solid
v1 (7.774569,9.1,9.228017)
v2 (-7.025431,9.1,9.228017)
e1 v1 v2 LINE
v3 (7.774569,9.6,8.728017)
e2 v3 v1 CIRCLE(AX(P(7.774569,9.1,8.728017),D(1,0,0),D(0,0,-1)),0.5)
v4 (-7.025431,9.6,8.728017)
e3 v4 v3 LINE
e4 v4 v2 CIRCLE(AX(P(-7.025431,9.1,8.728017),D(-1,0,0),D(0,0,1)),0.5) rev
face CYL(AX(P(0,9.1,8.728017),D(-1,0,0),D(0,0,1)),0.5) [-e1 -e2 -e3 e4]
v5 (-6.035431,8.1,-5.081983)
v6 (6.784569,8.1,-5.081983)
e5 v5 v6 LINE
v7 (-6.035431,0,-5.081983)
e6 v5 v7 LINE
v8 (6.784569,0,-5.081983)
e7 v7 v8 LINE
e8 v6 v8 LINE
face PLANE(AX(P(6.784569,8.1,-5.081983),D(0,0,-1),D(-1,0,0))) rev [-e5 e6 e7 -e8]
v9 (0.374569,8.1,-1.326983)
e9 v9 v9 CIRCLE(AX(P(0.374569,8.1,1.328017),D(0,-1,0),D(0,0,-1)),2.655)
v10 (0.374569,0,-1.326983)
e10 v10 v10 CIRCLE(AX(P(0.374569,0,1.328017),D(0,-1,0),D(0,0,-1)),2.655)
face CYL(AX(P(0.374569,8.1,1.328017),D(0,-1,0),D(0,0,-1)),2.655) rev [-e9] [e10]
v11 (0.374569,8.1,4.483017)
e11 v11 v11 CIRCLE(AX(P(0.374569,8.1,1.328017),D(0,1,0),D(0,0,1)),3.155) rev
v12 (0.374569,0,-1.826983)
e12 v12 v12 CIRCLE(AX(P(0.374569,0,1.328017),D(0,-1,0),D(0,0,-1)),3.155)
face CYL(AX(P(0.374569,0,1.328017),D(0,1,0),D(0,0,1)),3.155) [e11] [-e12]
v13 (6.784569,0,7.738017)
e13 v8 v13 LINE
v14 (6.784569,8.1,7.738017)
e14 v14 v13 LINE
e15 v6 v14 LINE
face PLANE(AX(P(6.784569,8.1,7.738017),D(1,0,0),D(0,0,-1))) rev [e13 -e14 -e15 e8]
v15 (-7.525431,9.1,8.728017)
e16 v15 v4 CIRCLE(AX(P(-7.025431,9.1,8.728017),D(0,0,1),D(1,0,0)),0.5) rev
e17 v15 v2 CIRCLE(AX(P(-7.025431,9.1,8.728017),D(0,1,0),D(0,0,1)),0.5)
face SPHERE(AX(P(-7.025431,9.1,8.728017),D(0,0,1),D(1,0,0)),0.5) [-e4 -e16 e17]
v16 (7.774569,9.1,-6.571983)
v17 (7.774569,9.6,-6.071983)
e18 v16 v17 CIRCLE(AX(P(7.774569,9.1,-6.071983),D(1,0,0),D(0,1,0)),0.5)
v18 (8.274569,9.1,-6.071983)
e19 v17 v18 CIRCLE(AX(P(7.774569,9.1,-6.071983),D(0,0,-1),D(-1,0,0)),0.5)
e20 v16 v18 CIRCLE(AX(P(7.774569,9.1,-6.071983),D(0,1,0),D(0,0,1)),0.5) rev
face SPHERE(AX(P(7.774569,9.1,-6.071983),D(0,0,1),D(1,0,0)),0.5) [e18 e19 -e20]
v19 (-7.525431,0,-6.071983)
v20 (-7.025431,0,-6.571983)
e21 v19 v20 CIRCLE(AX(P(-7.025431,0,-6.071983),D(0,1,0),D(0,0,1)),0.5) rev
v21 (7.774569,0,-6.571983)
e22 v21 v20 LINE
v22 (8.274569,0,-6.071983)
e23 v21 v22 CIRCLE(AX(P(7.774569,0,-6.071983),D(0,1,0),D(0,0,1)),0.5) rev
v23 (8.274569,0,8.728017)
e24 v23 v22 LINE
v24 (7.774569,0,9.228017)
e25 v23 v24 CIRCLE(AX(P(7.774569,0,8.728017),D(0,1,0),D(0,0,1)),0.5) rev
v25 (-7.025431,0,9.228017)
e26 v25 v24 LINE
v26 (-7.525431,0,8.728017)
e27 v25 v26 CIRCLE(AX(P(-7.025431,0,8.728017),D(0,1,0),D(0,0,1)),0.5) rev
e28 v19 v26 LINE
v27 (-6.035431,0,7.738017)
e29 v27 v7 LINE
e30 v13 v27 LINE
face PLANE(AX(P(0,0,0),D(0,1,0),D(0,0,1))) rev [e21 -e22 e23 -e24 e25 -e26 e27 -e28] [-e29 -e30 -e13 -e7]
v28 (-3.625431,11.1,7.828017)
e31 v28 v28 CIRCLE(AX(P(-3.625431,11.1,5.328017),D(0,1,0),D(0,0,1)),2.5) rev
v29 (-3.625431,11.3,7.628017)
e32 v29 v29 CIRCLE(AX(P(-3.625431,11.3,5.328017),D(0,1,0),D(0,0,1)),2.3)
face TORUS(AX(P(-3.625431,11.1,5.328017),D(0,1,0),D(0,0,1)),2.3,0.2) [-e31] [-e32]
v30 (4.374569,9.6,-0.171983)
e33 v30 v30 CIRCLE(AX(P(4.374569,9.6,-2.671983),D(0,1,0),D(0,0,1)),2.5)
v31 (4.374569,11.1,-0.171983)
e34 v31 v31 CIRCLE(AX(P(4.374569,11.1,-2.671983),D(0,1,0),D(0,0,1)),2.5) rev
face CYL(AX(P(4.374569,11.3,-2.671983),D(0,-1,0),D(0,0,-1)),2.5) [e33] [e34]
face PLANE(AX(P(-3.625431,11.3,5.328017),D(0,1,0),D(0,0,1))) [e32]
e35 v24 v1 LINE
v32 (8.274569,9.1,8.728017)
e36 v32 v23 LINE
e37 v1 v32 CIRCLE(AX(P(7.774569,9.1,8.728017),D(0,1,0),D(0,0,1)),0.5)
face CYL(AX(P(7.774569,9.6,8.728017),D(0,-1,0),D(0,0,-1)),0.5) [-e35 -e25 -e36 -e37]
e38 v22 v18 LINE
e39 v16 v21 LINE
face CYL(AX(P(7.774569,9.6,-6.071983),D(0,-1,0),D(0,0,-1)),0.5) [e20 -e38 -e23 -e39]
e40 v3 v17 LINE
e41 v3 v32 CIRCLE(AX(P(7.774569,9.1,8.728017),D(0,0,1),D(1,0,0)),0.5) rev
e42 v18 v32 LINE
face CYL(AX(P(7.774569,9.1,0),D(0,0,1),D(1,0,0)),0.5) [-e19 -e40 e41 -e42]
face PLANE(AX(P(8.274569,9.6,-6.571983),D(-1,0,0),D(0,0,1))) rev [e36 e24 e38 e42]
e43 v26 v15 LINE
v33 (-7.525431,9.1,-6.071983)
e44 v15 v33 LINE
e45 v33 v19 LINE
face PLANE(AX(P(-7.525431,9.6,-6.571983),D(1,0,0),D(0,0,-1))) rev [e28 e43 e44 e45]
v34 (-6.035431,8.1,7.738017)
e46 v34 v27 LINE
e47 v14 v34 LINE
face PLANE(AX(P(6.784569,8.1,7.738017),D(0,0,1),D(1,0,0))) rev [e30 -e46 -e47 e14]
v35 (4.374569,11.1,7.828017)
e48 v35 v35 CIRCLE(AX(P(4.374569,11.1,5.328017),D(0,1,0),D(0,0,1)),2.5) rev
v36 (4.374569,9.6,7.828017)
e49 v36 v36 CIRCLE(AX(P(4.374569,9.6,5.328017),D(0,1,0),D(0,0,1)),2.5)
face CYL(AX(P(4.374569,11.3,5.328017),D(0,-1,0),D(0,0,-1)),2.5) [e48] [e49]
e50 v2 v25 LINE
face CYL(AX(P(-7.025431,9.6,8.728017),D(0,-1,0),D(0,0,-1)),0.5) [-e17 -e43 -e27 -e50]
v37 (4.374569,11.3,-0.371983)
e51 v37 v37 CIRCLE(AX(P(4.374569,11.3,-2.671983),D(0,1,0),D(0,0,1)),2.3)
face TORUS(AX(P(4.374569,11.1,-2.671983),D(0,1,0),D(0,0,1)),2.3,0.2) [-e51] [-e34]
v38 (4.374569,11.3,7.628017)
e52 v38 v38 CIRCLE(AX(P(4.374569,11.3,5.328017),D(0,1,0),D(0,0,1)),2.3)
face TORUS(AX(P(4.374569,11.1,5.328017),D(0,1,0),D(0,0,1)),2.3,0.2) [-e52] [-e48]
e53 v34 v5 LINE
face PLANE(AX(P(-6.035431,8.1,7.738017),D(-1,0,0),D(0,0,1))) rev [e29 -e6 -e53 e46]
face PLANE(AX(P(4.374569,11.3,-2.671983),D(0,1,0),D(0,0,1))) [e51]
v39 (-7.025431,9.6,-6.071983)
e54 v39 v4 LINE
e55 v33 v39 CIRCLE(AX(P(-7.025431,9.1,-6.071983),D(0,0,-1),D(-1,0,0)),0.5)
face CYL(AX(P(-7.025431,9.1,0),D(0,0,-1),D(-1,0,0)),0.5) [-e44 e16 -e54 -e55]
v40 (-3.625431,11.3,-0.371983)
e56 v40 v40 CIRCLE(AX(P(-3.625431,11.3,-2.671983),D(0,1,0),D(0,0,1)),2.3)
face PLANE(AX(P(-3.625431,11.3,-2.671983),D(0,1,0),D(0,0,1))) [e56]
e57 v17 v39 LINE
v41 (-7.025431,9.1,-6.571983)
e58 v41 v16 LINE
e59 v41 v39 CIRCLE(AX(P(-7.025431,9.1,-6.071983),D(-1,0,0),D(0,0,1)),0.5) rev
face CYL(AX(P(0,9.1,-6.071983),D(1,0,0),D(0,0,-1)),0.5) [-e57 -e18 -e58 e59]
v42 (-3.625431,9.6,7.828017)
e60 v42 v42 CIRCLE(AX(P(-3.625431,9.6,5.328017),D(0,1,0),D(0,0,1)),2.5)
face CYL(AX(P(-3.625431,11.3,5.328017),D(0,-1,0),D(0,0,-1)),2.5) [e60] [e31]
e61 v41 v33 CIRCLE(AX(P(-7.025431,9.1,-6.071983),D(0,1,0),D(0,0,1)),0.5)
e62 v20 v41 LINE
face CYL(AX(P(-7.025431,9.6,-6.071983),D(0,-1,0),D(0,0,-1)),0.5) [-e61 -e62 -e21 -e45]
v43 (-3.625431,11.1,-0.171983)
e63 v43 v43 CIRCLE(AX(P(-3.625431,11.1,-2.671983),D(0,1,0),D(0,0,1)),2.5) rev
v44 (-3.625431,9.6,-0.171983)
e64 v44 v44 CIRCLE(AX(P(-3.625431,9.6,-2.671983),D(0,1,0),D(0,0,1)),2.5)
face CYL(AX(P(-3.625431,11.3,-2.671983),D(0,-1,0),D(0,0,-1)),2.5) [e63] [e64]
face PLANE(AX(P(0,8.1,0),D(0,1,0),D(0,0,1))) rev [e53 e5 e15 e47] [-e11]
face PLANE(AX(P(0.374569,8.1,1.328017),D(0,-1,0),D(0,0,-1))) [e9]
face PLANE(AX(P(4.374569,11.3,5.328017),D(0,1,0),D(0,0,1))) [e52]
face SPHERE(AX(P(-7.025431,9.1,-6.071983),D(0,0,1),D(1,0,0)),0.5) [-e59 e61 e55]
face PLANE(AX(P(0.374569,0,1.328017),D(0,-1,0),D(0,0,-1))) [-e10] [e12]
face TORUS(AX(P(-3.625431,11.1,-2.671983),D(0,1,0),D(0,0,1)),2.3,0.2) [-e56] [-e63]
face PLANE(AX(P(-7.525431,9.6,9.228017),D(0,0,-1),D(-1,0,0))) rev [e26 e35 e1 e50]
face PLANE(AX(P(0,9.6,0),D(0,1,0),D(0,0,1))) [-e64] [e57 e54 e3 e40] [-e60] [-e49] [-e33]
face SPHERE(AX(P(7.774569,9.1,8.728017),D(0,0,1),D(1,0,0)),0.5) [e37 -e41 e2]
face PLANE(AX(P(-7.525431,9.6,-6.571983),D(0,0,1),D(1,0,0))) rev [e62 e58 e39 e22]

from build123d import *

# Parameters (mm, degrees)
SKETCH1_W              = 15.8
SKETCH1_H              = 15.8
BOSS_EXTRUDE1_DEPTH    = 9.6
FILLET1_R              = 0.5
SKETCH2_W              = 12.82
SKETCH2_H              = 12.82
CUT_EXTRUDE1_DEPTH     = 8.1
SKETCH3_R              = 2.5
BOSS_EXTRUDE2_DEPTH    = 1.7
FILLET2_R              = 0.2
LPATTERN1_COUNT        = 2
LPATTERN1_PITCH        = 8
LPATTERN1_COUNT_DIR2   = 2
LPATTERN1_PITCH_DIR2   = 8
FILLET2_OF_LPATTERN1_R = 0.2
SKETCH4_R              = 3.155
BOSS_EXTRUDE3_DEPTH    = 8.1
SKETCH5_R              = 2.655
CUT_EXTRUDE2_DEPTH     = 8.1


with BuildPart() as part:
    # Sketch1 → Boss-Extrude1 (new body)
    with BuildSketch(Plane(origin=(0, 0, 0), x_dir=(1, 0, 0), z_dir=(0, 1, 0))):
        with Locations((0.374568966, -1.328017241)):
            Rectangle(SKETCH1_W, SKETCH1_H)
    extrude(amount=BOSS_EXTRUDE1_DEPTH)

    # Fillet1
    fillet1_edges = [part.edges().sort_by_distance(p)[0] for p in [
        (8.274568966, 9.6, 1.328017241),
        (0.374568966, 9.6, -6.571982759),
        (-7.525431034, 9.6, 1.328017241),
        (0.374568966, 9.6, 9.228017241),
        (-7.525431034, 4.8, -6.571982759),
        (8.274568966, 4.8, -6.571982759),
        (8.274568966, 4.8, 9.228017241),
        (-7.525431034, 4.8, 9.228017241),
    ]]
    fillet(fillet1_edges, radius=FILLET1_R)

    # Sketch2 → Cut-Extrude1 (cut)
    with BuildSketch(Plane.XZ):
        with Locations((0.374568966, 1.328017241)):
            Rectangle(SKETCH2_W, SKETCH2_H)
    extrude(amount=-CUT_EXTRUDE1_DEPTH, mode=Mode.SUBTRACT)

    # Sketch3 → Boss-Extrude2 (add)
    with BuildSketch(Plane(origin=(0, 9.6, 0), x_dir=(1, 0, 0), z_dir=(0, 1, 0))):
        with Locations(Location((-3.625431034, 2.671982759, 0), (0, 0, 270))):
            Circle(SKETCH3_R)
    boss_extrude2 = extrude(amount=BOSS_EXTRUDE2_DEPTH)

    # Fillet2
    fillet2_edges = [part.edges().sort_by_distance(p)[0] for p in [
        (-3.625431034, 11.3, -5.171982759),
    ]]
    fillet(fillet2_edges, radius=FILLET2_R)

    # LPattern1: Boss-Extrude2 2 × 2
    with Locations(*[(i * LPATTERN1_PITCH, 0, j * LPATTERN1_PITCH_DIR2) for i in range(LPATTERN1_COUNT) for j in range(LPATTERN1_COUNT_DIR2) if (i, j) != (0, 0)]):
        add(boss_extrude2)

    # Fillet2 of LPattern1
    fillet2_of_lpattern1_edges = [part.edges().sort_by_distance(p)[0] for p in [
        (-3.625431034, 11.3, 2.828017241),
        (4.374568966, 11.3, -5.171982759),
        (4.374568966, 11.3, 2.828017241),
    ]]
    fillet(fillet2_of_lpattern1_edges, radius=FILLET2_OF_LPATTERN1_R)

    # Sketch4 → Boss-Extrude3 (add)
    with BuildSketch(Plane.XZ.offset(-8.1)):
        with Locations(Location((0.374568966, 1.328017241, 0), (0, 0, 90))):
            Circle(SKETCH4_R)
    extrude(amount=BOSS_EXTRUDE3_DEPTH)

    # Sketch5 → Cut-Extrude2 (cut)
    with BuildSketch(Plane.XZ):
        with Locations(Location((0.374568966, 1.328017241, 0), (0, 0, 270))):
            Circle(SKETCH5_R)
    extrude(amount=-CUT_EXTRUDE2_DEPTH, mode=Mode.SUBTRACT)


solid = part.part
